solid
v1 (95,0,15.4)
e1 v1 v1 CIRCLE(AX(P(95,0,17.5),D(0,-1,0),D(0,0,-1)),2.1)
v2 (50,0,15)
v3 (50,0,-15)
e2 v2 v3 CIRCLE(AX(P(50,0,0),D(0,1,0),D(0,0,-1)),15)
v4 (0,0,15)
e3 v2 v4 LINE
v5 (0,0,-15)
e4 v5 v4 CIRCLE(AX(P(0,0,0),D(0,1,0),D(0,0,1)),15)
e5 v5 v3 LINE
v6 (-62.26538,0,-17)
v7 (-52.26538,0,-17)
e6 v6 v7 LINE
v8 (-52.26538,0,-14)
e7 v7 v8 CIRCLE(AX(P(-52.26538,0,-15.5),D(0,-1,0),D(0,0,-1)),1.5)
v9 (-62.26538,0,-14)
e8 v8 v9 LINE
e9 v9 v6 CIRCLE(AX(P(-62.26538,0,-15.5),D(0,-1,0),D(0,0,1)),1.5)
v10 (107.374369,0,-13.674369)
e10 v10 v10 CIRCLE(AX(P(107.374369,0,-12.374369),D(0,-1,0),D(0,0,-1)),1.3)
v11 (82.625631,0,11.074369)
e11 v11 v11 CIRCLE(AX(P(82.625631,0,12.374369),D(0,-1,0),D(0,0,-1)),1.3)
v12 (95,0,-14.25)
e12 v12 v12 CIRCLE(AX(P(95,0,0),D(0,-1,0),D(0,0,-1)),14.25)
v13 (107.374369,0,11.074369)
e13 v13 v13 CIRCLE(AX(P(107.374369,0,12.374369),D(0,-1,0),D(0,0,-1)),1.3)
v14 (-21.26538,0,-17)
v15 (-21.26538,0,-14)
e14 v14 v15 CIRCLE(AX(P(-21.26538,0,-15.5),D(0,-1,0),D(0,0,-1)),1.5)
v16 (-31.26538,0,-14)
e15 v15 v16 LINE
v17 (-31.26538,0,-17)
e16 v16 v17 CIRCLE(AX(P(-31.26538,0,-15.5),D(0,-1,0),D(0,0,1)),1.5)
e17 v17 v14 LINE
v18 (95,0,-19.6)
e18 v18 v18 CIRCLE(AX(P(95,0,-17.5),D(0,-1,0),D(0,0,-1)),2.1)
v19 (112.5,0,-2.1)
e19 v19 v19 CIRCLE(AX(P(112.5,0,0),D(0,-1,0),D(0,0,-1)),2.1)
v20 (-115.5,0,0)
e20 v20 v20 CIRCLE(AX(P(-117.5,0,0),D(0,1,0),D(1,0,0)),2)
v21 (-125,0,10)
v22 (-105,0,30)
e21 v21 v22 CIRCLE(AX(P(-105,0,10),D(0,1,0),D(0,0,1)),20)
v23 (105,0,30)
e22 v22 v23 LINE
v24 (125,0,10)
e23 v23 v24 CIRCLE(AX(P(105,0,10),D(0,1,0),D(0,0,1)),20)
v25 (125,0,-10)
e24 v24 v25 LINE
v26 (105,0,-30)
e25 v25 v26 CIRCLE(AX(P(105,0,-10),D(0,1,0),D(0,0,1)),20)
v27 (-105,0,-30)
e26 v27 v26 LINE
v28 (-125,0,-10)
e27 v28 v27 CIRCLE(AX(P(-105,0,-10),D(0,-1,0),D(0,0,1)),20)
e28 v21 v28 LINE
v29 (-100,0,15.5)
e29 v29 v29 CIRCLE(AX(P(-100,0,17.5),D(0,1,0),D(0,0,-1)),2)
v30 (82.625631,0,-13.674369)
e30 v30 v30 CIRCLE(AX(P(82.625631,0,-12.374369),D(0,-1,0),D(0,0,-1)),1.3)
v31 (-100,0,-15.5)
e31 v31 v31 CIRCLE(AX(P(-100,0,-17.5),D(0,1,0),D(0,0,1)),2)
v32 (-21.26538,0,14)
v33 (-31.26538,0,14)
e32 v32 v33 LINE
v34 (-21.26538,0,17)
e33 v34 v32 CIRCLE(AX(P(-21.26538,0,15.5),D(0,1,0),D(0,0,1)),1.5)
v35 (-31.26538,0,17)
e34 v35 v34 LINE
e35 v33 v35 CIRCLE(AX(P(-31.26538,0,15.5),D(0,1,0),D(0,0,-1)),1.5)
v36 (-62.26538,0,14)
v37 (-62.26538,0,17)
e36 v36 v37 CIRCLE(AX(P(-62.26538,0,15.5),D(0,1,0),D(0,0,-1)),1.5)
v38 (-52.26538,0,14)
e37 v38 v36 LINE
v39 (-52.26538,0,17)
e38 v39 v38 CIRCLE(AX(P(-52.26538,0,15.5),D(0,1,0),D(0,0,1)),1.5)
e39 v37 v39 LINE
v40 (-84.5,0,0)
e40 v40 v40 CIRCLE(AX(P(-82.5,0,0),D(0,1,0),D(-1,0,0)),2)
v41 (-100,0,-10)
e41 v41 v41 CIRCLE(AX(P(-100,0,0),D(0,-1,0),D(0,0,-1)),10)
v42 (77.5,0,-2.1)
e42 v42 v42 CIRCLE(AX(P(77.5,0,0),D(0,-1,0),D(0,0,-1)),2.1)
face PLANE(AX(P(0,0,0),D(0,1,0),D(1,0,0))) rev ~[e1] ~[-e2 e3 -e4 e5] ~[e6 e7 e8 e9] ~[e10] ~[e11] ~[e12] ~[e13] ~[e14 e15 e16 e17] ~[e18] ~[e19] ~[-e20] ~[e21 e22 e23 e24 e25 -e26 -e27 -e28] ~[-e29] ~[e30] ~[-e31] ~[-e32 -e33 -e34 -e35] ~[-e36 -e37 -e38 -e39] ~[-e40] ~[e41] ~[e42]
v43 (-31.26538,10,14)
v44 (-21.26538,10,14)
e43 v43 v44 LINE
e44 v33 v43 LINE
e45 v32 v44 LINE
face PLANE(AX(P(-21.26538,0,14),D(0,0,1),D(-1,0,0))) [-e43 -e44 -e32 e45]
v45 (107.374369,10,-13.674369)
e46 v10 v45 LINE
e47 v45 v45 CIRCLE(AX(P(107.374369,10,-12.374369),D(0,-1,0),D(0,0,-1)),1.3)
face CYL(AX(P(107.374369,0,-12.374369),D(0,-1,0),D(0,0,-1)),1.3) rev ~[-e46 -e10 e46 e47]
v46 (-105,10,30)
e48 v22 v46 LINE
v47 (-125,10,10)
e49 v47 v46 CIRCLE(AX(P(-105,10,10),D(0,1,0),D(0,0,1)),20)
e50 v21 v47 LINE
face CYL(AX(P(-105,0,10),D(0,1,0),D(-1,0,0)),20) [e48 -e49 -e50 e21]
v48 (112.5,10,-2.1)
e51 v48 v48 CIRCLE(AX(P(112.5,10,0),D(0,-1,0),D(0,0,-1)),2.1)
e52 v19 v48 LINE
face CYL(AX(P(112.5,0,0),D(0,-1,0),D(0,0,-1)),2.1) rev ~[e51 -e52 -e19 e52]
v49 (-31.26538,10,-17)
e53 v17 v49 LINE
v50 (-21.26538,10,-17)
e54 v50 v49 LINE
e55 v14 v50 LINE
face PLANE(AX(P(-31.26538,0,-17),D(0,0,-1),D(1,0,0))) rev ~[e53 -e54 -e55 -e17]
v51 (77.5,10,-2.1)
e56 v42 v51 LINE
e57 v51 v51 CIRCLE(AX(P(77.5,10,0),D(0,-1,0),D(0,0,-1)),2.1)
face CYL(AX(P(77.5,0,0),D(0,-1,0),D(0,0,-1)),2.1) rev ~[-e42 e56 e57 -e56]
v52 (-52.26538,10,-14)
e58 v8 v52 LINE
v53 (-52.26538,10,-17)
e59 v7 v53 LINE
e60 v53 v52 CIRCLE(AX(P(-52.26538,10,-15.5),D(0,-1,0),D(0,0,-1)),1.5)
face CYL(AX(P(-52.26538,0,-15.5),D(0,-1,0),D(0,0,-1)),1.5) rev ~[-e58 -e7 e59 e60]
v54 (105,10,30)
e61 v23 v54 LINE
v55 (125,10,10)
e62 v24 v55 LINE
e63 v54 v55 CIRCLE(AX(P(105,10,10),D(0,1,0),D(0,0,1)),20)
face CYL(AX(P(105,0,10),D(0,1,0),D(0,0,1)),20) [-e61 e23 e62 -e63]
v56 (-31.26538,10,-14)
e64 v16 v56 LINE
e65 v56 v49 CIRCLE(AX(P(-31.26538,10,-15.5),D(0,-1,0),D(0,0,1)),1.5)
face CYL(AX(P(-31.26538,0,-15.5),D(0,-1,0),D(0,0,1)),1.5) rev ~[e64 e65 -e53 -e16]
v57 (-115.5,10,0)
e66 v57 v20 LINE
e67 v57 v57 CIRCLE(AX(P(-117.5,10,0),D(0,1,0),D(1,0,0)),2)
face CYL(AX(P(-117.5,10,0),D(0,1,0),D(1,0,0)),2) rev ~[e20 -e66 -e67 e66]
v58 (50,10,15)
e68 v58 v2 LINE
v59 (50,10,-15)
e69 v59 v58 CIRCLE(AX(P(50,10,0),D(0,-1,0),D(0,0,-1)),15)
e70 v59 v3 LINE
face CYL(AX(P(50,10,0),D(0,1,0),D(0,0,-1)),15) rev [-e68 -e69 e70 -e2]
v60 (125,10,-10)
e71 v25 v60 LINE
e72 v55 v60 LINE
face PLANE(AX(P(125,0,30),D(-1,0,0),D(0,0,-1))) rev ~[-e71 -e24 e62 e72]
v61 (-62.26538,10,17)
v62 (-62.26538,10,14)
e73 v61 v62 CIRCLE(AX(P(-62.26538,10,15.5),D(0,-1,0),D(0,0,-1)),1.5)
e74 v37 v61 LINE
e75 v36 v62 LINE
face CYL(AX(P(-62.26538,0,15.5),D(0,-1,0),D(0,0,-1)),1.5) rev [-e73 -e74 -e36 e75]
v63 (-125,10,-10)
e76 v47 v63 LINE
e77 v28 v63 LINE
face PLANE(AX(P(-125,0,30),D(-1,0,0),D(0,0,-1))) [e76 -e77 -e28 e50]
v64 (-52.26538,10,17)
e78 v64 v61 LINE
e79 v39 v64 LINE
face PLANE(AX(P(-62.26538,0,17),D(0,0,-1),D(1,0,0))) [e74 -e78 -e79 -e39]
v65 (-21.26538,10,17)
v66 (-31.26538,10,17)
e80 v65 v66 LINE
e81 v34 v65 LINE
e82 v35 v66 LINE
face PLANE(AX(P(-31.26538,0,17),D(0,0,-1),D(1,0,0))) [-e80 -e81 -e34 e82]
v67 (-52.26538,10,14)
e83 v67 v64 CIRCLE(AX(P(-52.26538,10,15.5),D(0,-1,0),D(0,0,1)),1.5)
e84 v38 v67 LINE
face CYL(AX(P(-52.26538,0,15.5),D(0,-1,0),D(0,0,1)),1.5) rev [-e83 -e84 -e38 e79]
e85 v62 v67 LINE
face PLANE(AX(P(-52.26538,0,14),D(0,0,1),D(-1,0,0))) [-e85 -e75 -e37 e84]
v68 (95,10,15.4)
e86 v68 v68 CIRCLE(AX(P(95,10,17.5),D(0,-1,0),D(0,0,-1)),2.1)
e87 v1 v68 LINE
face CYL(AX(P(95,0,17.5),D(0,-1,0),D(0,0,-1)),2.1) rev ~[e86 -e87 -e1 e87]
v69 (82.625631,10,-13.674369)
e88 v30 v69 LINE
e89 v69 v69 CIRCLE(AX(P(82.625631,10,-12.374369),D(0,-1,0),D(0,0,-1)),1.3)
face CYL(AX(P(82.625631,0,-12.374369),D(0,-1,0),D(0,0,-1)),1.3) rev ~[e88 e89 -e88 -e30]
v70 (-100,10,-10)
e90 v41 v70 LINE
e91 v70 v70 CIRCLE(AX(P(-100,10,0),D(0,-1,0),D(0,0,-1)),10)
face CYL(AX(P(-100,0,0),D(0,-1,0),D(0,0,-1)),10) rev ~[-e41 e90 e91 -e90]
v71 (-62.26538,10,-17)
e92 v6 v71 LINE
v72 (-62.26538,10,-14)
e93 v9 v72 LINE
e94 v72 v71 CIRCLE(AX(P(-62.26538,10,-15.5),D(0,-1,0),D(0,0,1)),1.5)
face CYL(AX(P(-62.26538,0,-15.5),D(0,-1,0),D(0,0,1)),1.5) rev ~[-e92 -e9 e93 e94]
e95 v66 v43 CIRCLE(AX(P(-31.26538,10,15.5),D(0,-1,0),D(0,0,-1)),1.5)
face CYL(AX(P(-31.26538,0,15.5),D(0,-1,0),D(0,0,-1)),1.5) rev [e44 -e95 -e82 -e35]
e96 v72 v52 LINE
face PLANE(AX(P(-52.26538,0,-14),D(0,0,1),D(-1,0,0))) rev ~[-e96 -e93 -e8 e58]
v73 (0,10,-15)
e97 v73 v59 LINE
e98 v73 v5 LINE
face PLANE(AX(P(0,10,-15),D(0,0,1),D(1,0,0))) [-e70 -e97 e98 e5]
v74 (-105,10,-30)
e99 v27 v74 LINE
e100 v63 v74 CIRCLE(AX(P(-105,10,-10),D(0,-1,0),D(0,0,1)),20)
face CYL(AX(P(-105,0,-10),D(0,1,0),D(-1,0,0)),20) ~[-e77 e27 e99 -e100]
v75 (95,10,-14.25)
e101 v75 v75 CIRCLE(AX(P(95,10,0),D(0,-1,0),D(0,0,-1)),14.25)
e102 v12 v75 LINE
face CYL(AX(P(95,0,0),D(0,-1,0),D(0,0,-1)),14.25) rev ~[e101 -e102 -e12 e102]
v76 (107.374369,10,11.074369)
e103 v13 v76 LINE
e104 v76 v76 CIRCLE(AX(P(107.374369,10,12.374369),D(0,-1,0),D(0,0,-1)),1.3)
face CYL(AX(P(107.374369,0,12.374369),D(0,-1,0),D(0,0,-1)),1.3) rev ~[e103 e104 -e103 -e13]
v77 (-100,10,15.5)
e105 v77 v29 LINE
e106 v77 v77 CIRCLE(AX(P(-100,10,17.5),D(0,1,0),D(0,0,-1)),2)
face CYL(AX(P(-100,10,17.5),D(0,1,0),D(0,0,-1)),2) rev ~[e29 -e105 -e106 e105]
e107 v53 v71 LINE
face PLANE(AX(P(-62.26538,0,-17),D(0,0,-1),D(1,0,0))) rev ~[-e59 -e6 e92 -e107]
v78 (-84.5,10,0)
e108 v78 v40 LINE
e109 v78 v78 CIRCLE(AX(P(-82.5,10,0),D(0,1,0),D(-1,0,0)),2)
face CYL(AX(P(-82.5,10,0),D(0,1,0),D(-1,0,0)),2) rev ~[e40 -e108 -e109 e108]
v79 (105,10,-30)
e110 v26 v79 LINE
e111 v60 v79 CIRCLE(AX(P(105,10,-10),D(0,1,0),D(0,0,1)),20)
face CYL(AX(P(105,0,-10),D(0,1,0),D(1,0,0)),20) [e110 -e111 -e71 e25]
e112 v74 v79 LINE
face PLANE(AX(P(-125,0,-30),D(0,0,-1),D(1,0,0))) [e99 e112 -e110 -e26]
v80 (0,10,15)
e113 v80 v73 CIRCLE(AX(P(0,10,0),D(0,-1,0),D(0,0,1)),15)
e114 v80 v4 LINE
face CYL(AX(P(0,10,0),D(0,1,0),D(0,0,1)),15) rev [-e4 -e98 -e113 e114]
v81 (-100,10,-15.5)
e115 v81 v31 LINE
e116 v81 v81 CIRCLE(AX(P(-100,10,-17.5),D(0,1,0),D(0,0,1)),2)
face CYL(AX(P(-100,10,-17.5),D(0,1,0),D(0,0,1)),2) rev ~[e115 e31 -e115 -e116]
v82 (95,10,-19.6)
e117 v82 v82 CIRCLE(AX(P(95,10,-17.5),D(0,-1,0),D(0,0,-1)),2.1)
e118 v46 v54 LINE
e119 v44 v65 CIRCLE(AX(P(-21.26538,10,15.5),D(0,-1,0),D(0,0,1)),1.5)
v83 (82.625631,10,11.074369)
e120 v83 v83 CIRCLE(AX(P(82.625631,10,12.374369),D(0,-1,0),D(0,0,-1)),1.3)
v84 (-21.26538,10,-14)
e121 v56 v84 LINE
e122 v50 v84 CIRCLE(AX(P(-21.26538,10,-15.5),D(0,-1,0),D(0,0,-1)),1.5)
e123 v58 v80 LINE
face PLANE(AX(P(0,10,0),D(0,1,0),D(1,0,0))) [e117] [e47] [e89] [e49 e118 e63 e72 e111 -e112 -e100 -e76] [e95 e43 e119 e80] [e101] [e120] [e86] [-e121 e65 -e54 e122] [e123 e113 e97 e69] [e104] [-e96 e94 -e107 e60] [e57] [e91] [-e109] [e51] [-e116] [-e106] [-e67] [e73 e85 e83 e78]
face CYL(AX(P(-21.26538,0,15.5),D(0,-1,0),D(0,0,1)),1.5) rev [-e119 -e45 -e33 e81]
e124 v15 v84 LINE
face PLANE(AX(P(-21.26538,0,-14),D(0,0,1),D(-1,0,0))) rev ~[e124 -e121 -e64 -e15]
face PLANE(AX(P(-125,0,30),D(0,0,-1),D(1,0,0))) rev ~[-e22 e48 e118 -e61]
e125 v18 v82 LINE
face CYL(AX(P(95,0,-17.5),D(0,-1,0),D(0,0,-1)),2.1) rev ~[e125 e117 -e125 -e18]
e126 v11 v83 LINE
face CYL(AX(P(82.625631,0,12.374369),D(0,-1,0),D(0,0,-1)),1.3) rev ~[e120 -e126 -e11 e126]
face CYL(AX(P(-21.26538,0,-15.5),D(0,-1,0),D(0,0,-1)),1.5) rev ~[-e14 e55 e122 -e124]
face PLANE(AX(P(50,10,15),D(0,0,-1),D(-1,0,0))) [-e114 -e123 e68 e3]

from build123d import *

# Parameters (mm, degrees)
SKETCH_1_W               = 250
SKETCH_1_H               = 60
EXTRUDE_1_DEPTH          = 10
FILLET_1_R               = 20
SKETCH_5_R               = 10
CUT_EXTRUDE_3_DEPTH      = 10
SKETCH_15_R              = 14.25
CUT_EXTRUDE_12_DEPTH     = 129.937969582
SKETCH_18_R              = 1.3
CUT_EXTRUDE_14_DEPTH     = 129.937969582
CUT_EXTRUDE_15_DEPTH     = 129.937969582
SKETCH_20_R              = 2
CUT_EXTRUDE_16_DEPTH     = 10
SKETCH_21_R              = 2.1
CUT_EXTRUDE_17_DEPTH     = 10
CUT_EXTRUDE_18_DEPTH     = 129.937969582
PATTERN_CIRCULAR_1_COUNT = 4


with BuildPart() as part:
    # 草图1 → 凸台-拉伸1 (new body)
    with BuildSketch(Plane(origin=(0, 0, 0), x_dir=(1, 0, 0), z_dir=(0, 1, 0))):
        Rectangle(SKETCH_1_W, SKETCH_1_H)
    extrude(amount=EXTRUDE_1_DEPTH)

    # 圆角1
    fillet_1_edges = [part.edges().sort_by_distance(p)[0] for p in [
        (125, 5, 30),
        (-125, 5, 30),
        (-125, 5, -30),
        (125, 5, -30),
    ]]
    fillet(fillet_1_edges, radius=FILLET_1_R)

    # 草图5 → 切除-拉伸3 (cut)
    with BuildSketch(Plane.XZ):
        with Locations(Location((-100, 0, 0), (0, 0, 270))):
            Circle(SKETCH_5_R)
    extrude(amount=-CUT_EXTRUDE_3_DEPTH, mode=Mode.SUBTRACT)

    # 草图15 → 切除-拉伸12 (cut, through all)
    with BuildSketch(Plane.XZ):
        with Locations(Location((95, 0, 0), (0, 0, 270))):
            Circle(SKETCH_15_R)
    extrude(amount=-CUT_EXTRUDE_12_DEPTH, mode=Mode.SUBTRACT)

    # 草图18 → 切除-拉伸14 (cut, through all)
    with BuildSketch(Plane.XZ):
        with Locations(Location((82.625631329, 12.374368671, 0), (0, 0, 270))):
            Circle(SKETCH_18_R)
        with Locations(Location((107.374368671, 12.374368671, 0), (0, 0, 270))):
            Circle(SKETCH_18_R)
        with Locations(Location((107.374368671, -12.374368671, 0), (0, 0, 270))):
            Circle(SKETCH_18_R)
        with Locations(Location((82.625631329, -12.374368671, 0), (0, 0, 270))):
            Circle(SKETCH_18_R)
    extrude(amount=-CUT_EXTRUDE_14_DEPTH, mode=Mode.SUBTRACT)

    # 草图19 → 切除-拉伸15 (cut, through all)
    with BuildSketch(Plane(origin=(0, 0, 0), x_dir=(-1, 0, 0), z_dir=(0, -1, 0))):
        with BuildLine():
            Line((62.26537952, 17), (52.26537952, 17))
            ThreePointArc((52.26537952, 17), (50.76537952, 15.5), (52.26537952, 14))
            Line((52.26537952, 14), (62.26537952, 14))
            ThreePointArc((62.26537952, 14), (63.76537952, 15.5), (62.26537952, 17))
        make_face()
        with BuildLine():
            Line((31.26537952, -17), (21.26537952, -17))
            ThreePointArc((21.26537952, -17), (19.76537952, -15.5), (21.26537952, -14))
            Line((21.26537952, -14), (31.26537952, -14))
            ThreePointArc((31.26537952, -14), (32.76537952, -15.5), (31.26537952, -17))
        make_face()
        with BuildLine():
            Line((31.26537952, 17), (21.26537952, 17))
            ThreePointArc((21.26537952, 17), (19.76537952, 15.5), (21.26537952, 14))
            Line((21.26537952, 14), (31.26537952, 14))
            ThreePointArc((31.26537952, 14), (32.76537952, 15.5), (31.26537952, 17))
        make_face()
        with BuildLine():
            Line((62.26537952, -17), (52.26537952, -17))
            ThreePointArc((52.26537952, -17), (50.76537952, -15.5), (52.26537952, -14))
            Line((52.26537952, -14), (62.26537952, -14))
            ThreePointArc((62.26537952, -14), (63.76537952, -15.5), (62.26537952, -17))
        make_face()
    extrude(amount=-CUT_EXTRUDE_15_DEPTH, mode=Mode.SUBTRACT)

    # 草图20 → 切除-拉伸16 (cut)
    with BuildSketch(Plane(origin=(0, 10, 0), x_dir=(1, 0, 0), z_dir=(0, 1, 0))):
        with Locations(Location((-100, 17.5, 0), (0, 0, 270))):
            Circle(SKETCH_20_R)
    cut_extrude_16 = extrude(amount=-CUT_EXTRUDE_16_DEPTH, mode=Mode.SUBTRACT)

    # 草图21 → 切除-拉伸17 (cut)
    with BuildSketch(Plane.XZ):
        with Locations(Location((95, 17.5, 0), (0, 0, 270))):
            Circle(SKETCH_21_R)
        with Locations(Location((112.5, 0, 0), (0, 0, 270))):
            Circle(SKETCH_21_R)
        with Locations(Location((95, -17.5, 0), (0, 0, 270))):
            Circle(SKETCH_21_R)
        with Locations(Location((77.5, 0, 0), (0, 0, 270))):
            Circle(SKETCH_21_R)
    extrude(amount=-CUT_EXTRUDE_17_DEPTH, mode=Mode.SUBTRACT)

    # 草图22 → 切除-拉伸18 (cut, through all)
    with BuildSketch(Plane(origin=(0, 10, 0), x_dir=(1, 0, 0), z_dir=(0, 1, 0))):
        with BuildLine():
            Line((0, 15), (50, 15))
            ThreePointArc((50, 15), (65, 0), (50, -15))
            Line((50, -15), (0, -15))
            ThreePointArc((0, -15), (-15, 0), (0, 15))
        make_face()
    extrude(amount=-CUT_EXTRUDE_18_DEPTH, mode=Mode.SUBTRACT)

    # 阵列(圆周)1: 切除-拉伸16 ×4 about axis
    pattern_circular_1_axis = Axis((-100, 0, 0), (0, 1, 0))
    for i in range(1, PATTERN_CIRCULAR_1_COUNT):
        add(cut_extrude_16.rotate(pattern_circular_1_axis, i * 360 / PATTERN_CIRCULAR_1_COUNT), mode=Mode.SUBTRACT)


solid = part.part
